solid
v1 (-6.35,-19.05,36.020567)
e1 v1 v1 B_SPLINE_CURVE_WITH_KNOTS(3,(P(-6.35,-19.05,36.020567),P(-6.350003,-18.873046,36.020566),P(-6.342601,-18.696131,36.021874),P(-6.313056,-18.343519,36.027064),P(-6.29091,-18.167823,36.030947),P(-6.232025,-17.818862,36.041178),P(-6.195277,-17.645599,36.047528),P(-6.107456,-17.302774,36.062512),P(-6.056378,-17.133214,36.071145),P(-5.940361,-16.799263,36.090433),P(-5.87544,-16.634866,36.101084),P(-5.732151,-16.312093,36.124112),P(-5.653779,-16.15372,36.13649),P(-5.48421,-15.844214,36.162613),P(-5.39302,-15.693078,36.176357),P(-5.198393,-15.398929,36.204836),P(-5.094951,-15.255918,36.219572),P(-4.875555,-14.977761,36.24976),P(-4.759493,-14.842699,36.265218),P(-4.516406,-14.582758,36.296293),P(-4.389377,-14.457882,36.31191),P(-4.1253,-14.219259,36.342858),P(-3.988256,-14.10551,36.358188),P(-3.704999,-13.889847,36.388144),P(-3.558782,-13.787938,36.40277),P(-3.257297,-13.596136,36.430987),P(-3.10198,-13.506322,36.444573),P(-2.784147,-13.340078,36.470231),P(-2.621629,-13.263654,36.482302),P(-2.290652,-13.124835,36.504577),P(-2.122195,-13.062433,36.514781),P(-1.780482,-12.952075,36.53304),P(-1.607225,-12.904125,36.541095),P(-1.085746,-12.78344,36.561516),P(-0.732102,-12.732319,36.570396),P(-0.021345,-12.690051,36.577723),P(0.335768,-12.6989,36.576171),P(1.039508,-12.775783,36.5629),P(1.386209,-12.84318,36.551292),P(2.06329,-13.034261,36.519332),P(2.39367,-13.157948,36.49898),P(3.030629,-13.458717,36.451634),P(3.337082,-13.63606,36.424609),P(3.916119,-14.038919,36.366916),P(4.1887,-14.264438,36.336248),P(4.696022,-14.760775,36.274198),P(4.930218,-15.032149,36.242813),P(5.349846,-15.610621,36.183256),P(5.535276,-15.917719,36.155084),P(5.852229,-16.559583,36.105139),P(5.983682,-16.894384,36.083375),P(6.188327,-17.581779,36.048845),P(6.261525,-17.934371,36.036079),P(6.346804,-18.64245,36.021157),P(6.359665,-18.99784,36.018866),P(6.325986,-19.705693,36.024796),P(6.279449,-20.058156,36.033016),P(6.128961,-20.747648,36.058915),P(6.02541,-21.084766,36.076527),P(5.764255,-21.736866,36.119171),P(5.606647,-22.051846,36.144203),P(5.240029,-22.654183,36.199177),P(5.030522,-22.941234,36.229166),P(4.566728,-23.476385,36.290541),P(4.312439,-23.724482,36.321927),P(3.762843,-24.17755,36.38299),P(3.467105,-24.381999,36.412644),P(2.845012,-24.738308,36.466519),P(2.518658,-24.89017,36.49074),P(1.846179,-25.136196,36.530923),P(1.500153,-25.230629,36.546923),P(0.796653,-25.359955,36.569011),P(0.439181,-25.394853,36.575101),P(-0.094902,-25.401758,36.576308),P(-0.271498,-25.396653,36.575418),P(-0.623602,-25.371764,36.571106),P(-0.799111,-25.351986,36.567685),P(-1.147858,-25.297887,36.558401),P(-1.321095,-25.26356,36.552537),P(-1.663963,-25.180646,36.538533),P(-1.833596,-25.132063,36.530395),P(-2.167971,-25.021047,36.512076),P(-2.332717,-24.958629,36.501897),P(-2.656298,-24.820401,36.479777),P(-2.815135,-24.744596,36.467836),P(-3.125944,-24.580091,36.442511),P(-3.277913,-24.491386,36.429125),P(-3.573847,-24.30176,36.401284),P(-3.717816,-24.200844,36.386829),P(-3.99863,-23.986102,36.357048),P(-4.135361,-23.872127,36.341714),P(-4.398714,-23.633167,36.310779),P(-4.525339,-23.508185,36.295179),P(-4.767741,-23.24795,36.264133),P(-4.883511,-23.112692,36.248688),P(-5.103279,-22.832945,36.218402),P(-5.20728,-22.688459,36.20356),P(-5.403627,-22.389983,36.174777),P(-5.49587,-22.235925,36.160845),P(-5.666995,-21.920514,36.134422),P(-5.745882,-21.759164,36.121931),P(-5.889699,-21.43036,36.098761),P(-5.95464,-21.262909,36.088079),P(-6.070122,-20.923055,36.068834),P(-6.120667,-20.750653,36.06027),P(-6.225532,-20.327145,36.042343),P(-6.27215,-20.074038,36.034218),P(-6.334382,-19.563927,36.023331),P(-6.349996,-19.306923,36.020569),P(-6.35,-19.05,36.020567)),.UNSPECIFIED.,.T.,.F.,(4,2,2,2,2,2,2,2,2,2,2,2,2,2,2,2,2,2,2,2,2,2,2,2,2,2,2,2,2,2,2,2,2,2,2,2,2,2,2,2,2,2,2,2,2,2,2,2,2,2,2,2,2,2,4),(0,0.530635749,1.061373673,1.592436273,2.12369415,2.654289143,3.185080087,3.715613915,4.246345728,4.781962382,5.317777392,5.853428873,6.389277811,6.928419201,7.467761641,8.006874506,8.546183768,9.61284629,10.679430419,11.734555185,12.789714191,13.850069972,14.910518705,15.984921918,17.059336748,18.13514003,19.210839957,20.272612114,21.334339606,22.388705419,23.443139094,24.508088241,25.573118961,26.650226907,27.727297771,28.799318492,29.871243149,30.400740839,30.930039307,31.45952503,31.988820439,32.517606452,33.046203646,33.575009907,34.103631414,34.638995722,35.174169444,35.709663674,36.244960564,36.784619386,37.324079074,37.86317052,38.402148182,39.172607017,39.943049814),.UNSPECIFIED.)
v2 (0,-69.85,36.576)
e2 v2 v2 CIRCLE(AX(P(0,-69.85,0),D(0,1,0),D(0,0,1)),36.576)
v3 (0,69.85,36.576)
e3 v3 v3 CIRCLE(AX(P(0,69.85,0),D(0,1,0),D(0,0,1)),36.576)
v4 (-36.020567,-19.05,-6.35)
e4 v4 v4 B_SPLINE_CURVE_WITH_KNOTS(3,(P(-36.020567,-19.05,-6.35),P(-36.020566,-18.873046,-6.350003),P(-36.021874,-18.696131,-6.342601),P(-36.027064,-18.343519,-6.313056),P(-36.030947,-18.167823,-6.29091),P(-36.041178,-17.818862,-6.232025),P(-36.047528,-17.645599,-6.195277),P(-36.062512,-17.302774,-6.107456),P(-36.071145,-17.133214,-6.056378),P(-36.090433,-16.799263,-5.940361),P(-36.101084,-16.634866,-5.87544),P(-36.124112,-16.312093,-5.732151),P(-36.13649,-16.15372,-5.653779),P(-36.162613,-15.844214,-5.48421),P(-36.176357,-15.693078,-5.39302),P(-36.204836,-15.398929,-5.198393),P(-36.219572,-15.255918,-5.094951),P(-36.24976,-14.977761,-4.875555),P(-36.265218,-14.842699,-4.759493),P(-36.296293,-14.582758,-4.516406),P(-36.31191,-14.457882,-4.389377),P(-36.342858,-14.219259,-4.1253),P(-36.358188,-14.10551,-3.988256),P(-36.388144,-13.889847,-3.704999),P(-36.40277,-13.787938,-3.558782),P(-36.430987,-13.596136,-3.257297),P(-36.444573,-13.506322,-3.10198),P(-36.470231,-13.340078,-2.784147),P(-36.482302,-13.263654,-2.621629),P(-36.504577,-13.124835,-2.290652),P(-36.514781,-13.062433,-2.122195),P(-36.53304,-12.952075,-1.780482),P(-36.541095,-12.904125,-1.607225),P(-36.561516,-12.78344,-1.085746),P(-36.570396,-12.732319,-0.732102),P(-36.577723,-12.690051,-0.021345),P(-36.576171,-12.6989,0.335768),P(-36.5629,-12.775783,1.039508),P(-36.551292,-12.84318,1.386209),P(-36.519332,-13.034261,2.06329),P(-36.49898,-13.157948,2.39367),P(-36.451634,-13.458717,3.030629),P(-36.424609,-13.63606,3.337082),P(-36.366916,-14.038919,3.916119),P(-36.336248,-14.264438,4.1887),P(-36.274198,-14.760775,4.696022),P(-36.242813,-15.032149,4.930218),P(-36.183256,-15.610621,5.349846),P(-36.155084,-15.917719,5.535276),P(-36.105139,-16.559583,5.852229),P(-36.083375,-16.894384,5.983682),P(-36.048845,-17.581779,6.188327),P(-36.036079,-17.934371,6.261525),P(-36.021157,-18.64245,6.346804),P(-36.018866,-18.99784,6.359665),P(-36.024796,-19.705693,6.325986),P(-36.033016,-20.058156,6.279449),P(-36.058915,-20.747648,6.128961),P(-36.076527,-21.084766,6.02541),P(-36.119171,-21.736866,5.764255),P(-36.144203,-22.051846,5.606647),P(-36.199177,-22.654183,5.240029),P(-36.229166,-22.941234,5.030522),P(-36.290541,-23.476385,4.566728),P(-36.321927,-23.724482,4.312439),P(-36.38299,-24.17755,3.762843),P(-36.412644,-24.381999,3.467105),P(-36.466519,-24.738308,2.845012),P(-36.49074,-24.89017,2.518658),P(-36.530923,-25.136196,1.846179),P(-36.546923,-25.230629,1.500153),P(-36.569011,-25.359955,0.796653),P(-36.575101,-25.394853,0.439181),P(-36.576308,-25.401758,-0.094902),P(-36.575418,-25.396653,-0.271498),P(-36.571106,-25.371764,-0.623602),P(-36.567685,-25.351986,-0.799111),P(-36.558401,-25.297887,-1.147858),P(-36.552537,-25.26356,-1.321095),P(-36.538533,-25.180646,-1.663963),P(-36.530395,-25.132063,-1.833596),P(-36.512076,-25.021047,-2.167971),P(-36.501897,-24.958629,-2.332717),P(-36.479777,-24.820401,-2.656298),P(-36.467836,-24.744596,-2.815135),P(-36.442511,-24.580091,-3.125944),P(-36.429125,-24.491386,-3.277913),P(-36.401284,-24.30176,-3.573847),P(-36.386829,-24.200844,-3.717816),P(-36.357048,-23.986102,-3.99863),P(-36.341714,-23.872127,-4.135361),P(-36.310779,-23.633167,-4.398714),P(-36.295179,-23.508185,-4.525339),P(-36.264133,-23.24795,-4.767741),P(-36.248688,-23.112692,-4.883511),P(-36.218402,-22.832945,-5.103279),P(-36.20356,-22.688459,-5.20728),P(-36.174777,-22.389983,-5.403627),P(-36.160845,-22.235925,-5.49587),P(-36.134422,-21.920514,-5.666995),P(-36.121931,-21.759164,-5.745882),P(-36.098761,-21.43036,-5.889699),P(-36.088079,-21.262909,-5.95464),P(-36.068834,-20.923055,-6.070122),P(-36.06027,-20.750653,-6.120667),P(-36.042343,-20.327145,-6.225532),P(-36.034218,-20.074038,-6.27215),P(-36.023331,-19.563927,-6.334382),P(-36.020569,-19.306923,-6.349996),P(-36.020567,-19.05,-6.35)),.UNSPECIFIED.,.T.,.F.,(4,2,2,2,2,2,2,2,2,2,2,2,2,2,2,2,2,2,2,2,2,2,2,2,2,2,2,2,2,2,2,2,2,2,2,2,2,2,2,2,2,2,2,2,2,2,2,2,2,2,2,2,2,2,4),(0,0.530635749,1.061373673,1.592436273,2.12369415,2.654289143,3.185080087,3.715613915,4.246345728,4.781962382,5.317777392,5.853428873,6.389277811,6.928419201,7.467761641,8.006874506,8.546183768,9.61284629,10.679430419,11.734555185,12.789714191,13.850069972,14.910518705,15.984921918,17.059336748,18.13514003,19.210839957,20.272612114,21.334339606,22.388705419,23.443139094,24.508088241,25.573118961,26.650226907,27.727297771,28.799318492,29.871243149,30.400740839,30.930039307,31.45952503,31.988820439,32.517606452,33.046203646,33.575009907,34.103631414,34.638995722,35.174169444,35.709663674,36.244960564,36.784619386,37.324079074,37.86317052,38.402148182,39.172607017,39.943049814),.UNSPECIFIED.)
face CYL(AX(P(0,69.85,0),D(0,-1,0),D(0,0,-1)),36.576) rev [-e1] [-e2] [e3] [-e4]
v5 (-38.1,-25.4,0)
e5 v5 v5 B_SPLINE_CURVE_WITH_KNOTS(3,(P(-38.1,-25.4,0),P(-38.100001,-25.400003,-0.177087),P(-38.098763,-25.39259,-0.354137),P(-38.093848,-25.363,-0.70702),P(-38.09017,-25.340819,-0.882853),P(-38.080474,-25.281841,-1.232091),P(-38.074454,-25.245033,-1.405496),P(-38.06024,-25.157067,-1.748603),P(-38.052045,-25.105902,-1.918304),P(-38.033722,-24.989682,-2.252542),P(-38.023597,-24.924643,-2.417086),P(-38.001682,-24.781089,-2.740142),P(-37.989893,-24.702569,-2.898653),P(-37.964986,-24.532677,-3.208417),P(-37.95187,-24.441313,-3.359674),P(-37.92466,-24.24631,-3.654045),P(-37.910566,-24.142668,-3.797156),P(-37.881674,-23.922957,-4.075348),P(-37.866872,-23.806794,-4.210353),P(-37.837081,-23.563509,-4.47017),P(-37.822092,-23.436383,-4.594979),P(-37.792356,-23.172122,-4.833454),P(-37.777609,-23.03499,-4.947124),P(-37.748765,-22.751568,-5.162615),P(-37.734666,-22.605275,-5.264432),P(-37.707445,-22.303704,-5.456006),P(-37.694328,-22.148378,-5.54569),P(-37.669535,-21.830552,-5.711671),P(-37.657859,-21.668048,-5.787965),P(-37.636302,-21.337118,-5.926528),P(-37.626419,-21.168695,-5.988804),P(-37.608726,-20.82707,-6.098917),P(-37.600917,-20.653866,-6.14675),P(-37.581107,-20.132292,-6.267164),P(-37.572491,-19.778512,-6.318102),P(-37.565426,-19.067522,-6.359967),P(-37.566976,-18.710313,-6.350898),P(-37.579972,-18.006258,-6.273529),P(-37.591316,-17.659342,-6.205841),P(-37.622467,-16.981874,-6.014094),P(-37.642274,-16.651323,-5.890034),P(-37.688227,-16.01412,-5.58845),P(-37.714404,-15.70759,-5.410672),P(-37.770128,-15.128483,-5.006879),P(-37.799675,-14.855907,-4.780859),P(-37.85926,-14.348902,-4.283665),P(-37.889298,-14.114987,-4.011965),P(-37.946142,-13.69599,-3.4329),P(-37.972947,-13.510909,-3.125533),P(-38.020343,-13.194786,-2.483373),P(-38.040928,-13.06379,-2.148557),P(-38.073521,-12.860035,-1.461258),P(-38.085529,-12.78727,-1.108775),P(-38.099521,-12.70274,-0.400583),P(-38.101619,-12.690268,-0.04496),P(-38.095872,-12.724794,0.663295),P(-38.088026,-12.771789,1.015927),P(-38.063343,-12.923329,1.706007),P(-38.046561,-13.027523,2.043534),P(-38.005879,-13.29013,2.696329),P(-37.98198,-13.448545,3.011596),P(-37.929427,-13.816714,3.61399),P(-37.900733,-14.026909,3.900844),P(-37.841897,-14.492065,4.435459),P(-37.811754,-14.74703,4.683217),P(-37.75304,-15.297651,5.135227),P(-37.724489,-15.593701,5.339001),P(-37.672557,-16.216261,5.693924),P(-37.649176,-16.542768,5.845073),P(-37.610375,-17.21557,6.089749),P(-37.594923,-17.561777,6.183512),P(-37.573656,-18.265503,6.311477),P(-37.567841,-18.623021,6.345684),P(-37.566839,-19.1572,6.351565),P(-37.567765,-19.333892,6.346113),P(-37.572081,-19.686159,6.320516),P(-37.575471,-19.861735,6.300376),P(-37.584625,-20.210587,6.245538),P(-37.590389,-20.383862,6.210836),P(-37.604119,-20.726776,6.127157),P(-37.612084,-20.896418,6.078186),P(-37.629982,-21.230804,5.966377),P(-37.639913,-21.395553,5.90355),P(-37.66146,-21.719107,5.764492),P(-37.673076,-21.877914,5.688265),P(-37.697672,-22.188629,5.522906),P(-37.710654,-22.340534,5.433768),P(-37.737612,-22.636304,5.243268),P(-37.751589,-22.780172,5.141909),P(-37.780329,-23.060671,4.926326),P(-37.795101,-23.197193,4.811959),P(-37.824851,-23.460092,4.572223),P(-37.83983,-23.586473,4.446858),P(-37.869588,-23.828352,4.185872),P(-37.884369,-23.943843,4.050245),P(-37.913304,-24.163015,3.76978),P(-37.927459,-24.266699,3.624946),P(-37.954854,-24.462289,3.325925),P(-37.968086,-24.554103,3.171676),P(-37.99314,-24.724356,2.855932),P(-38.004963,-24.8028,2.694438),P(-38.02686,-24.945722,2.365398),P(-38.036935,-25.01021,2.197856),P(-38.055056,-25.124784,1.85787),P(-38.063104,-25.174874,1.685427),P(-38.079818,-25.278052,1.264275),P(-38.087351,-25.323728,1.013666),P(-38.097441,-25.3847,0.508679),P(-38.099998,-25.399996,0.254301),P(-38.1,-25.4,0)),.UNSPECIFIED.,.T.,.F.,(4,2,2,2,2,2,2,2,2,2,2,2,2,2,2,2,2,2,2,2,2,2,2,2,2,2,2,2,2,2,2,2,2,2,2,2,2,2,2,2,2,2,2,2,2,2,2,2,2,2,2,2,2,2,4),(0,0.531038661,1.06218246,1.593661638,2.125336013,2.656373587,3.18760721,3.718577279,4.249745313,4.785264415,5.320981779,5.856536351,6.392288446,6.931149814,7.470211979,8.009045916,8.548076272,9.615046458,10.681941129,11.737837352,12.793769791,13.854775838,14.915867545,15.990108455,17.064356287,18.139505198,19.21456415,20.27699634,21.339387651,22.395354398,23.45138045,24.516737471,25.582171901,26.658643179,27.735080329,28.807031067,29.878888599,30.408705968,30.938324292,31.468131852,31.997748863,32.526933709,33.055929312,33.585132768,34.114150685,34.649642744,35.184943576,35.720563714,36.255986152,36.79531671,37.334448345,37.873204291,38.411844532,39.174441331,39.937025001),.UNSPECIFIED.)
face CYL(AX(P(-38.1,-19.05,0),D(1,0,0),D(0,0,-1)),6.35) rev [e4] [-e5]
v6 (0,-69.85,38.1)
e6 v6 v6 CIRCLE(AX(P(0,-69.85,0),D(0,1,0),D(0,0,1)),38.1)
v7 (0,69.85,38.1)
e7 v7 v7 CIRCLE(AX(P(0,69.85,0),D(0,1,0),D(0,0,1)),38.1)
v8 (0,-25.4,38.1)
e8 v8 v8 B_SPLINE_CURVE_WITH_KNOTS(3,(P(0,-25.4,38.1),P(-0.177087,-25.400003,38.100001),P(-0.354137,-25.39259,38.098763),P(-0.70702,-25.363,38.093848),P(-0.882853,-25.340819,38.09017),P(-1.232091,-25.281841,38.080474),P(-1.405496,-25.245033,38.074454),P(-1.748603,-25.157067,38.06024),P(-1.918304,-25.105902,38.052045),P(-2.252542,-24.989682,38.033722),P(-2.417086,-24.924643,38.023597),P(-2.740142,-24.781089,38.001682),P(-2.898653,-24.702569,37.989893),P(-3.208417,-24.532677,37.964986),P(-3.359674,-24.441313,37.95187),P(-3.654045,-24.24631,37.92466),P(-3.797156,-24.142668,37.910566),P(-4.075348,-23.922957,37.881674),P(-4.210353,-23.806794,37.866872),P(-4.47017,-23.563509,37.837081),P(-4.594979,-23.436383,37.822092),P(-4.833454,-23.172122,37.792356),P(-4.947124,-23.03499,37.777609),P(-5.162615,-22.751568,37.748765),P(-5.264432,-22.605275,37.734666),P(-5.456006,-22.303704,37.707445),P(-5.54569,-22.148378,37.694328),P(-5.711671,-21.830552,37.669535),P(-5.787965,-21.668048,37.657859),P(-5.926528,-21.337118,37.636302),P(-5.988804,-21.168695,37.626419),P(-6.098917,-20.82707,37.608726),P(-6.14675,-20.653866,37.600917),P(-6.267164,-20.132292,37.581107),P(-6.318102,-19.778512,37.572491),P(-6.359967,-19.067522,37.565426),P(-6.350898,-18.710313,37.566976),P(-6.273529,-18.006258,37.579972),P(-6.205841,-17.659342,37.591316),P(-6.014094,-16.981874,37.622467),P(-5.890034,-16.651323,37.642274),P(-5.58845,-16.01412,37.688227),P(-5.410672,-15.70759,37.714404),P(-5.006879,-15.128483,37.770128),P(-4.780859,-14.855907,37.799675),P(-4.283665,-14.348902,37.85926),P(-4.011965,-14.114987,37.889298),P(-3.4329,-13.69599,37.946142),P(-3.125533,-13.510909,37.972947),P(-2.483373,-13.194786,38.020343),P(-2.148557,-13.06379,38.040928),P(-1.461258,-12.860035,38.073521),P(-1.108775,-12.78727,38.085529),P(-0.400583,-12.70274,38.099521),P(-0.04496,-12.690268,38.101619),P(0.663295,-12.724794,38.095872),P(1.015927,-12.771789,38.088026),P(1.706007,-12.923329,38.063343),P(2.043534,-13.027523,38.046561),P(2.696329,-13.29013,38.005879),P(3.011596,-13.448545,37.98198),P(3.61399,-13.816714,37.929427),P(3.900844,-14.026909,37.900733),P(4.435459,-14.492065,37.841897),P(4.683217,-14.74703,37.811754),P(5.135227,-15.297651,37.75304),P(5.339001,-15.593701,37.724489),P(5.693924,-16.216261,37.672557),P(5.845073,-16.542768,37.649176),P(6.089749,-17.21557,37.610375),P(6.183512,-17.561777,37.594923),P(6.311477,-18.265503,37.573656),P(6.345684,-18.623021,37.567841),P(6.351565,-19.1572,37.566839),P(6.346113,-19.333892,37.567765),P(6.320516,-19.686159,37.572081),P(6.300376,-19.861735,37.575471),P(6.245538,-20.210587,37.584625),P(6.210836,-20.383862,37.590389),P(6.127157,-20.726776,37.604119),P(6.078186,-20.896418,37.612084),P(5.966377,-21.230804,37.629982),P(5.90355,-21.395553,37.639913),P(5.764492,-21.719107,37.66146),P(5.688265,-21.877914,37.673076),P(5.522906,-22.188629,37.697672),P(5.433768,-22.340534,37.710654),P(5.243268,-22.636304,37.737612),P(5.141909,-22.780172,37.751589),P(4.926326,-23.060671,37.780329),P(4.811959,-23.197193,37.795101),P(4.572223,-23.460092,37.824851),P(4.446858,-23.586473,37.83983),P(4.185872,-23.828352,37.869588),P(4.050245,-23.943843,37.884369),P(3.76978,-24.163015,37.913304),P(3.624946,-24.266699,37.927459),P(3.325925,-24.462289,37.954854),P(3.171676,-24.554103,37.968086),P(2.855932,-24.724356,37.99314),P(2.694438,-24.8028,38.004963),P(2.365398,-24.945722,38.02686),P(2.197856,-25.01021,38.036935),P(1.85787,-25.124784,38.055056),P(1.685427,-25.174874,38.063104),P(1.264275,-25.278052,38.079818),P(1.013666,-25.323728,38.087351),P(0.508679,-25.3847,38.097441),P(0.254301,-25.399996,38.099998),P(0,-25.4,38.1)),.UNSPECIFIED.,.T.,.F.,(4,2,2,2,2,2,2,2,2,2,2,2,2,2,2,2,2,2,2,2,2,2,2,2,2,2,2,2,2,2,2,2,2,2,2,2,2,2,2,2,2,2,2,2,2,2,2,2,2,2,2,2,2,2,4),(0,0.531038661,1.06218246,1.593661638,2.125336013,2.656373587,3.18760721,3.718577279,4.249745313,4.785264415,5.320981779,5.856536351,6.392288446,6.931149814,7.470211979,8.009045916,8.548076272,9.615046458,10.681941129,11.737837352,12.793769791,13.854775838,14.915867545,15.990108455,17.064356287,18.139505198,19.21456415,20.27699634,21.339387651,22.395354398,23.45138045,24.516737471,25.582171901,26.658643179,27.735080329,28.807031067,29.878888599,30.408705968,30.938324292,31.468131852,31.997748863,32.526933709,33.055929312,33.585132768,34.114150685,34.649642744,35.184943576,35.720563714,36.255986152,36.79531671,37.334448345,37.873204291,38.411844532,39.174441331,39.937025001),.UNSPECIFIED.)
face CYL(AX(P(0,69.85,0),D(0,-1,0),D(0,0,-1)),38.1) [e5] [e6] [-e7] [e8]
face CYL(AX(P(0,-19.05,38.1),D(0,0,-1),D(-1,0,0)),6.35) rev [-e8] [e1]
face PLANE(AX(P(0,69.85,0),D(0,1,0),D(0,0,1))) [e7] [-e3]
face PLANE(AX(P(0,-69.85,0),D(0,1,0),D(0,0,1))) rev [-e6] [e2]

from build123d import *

# Parameters (mm, degrees)
SKETCH_1_R         = 38.1
SKETCH_1_R_2       = 36.576
EXTRUDE_1_DEPTH    = 69.85
SKETCH1_R          = 6.35
CUT_EXTRUDE1_DEPTH = 89.217019333
CIRPATTERN1_COUNT  = 2
CIRPATTERN1_ANGLE  = 90


with BuildPart() as part:
    # 草图1 → 凸台-拉伸1 (new, symmetric)
    with BuildSketch(Plane(origin=(0, 0, 0), x_dir=(1, 0, 0), z_dir=(0, 1, 0))):
        with Locations(Location((0, 0, 0), (0, 0, 270))):
            Circle(SKETCH_1_R)
        with Locations(Location((0, 0, 0), (0, 0, 270))):
            Circle(SKETCH_1_R_2, mode=Mode.SUBTRACT)
    extrude(amount=EXTRUDE_1_DEPTH, both=True)

    # Sketch1 → Cut-Extrude1 (cut, through all)
    with BuildSketch(Plane(origin=(0, 0, 0), x_dir=(0, 0, -1), z_dir=(1, 0, 0))):
        with Locations((0, -19.05)):
            Circle(SKETCH1_R)
    cut_extrude1 = extrude(amount=-CUT_EXTRUDE1_DEPTH, mode=Mode.SUBTRACT)

    # CirPattern1: Cut-Extrude1 ×2 about axis
    cirpattern1_axis = Axis((0, -69.85, 0), (0, 1, 0))
    for i in range(1, CIRPATTERN1_COUNT):
        add(cut_extrude1.rotate(cirpattern1_axis, i * CIRPATTERN1_ANGLE / (CIRPATTERN1_COUNT - 1)), mode=Mode.SUBTRACT)


solid = part.part
